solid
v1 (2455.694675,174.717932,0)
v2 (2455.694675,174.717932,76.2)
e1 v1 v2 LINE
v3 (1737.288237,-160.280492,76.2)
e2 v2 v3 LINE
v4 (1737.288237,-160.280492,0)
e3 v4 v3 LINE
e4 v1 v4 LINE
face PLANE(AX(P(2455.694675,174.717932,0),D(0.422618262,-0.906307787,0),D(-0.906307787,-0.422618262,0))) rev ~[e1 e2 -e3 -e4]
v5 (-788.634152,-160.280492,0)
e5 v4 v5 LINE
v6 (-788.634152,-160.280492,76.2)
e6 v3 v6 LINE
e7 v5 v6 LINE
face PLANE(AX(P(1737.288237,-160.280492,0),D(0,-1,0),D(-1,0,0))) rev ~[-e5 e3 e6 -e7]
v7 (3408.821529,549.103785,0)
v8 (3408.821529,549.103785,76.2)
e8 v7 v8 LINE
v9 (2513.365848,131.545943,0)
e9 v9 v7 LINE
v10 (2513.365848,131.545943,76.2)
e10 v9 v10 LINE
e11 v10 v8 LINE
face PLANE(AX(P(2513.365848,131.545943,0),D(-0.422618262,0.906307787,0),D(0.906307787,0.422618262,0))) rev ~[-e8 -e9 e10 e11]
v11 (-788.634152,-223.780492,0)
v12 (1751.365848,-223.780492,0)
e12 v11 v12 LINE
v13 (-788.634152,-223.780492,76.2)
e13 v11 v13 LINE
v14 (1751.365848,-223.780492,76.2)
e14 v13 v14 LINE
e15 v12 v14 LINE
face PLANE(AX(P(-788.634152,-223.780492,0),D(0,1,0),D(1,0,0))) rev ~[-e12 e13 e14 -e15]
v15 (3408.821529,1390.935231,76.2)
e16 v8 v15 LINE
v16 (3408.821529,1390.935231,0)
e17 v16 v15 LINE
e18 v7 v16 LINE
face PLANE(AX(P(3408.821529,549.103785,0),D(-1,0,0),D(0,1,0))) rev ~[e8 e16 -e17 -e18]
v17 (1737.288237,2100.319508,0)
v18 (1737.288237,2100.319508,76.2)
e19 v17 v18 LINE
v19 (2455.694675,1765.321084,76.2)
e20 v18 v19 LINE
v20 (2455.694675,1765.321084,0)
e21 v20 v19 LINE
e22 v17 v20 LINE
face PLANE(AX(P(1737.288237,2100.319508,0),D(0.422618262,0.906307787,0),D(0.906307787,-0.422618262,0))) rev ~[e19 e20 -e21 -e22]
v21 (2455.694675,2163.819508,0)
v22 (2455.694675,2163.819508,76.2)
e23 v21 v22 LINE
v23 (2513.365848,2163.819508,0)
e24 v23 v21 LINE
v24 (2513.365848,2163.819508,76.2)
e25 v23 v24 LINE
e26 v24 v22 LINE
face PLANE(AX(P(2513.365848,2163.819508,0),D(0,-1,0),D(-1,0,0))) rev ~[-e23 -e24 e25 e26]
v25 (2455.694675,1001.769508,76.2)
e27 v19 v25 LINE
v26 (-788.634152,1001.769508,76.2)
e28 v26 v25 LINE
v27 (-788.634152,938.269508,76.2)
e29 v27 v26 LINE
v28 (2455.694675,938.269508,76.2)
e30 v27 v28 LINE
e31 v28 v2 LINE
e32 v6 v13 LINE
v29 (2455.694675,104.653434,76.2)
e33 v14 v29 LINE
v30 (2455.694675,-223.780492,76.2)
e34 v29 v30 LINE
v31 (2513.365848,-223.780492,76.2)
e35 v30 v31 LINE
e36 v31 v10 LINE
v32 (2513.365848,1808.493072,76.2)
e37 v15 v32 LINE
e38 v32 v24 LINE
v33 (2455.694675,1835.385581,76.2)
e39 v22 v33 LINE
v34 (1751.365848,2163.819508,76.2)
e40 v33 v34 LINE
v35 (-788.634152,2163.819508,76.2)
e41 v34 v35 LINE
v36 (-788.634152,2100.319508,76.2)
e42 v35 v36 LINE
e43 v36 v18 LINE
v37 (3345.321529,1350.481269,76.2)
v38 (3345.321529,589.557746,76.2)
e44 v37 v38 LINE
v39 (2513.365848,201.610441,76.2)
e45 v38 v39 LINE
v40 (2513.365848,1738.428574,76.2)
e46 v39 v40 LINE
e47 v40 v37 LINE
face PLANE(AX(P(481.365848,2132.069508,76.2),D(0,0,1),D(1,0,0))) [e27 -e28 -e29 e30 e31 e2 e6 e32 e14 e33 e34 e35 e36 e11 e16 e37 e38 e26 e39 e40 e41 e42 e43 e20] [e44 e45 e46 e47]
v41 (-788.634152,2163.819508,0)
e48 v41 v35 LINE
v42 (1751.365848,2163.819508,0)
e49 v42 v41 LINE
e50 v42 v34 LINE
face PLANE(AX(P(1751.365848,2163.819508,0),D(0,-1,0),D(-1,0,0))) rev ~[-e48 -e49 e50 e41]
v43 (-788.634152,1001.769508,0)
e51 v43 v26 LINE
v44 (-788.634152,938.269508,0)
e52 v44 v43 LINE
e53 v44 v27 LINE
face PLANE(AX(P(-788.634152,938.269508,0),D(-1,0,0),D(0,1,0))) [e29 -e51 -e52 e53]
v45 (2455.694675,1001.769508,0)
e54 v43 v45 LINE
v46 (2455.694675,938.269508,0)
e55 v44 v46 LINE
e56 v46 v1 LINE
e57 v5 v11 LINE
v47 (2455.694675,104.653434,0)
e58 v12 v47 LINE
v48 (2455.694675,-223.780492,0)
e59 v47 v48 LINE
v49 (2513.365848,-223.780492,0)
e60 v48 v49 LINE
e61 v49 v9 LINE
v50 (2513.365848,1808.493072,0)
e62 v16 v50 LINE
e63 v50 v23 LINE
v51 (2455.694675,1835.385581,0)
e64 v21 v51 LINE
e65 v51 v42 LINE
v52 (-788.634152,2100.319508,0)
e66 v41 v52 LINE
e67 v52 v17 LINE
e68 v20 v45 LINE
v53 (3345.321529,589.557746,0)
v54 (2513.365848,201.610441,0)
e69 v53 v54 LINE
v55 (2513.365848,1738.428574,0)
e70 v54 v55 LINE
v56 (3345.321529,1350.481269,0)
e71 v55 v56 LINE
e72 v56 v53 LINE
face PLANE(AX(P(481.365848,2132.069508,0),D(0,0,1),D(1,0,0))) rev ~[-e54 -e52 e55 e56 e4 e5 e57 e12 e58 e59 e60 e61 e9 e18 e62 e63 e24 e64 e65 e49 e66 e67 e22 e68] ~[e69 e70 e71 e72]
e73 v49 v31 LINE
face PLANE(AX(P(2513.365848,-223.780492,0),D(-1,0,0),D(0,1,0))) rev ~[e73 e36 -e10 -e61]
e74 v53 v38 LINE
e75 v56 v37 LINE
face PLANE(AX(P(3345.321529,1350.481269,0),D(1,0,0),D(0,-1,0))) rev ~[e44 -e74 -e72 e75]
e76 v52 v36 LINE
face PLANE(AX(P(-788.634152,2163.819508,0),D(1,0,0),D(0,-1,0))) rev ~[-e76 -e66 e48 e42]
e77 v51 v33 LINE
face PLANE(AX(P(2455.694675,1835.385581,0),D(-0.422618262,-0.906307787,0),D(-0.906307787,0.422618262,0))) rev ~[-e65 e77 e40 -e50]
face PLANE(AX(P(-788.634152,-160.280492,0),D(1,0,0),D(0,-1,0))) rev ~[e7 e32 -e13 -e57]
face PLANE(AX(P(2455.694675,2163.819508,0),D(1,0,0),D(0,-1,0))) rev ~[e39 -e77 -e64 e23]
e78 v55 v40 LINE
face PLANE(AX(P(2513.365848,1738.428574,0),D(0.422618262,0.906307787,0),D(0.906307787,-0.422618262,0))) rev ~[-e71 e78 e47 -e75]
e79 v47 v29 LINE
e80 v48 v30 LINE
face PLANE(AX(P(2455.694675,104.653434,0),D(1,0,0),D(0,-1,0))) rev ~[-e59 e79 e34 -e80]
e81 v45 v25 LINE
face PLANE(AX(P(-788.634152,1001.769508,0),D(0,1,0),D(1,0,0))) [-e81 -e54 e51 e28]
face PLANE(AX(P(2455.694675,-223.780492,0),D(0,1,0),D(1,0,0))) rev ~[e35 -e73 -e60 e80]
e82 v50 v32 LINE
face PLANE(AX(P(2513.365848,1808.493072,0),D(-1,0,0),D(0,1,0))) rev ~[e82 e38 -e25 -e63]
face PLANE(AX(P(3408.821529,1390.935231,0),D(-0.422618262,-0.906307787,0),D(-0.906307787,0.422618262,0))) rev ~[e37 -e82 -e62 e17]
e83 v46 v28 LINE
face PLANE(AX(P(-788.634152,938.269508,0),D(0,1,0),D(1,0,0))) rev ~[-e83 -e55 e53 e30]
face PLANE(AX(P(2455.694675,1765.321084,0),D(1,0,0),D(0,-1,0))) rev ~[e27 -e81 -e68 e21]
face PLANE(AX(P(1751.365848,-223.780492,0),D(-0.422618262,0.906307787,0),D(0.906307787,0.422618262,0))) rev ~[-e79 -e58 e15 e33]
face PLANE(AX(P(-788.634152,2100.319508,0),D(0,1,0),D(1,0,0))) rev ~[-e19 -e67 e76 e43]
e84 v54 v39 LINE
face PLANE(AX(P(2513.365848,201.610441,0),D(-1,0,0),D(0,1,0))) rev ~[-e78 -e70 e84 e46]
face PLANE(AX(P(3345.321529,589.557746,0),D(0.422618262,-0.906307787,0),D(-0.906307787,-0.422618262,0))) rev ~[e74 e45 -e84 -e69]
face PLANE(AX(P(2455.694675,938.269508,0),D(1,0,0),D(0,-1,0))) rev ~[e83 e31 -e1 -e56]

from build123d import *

# Parameters (mm, degrees)
F0_W     = 3244.3288277497
F0_H     = 63.5
F0_W_2   = 57.6711722503
F1_DEPTH = 76.2


with BuildPart() as f1:
    # F0 (on Top) → F1 (new body)
    with BuildSketch(Plane.XY):
        Polygon((1751.3658476959, 2163.8195076566), (-788.6341523041, 2163.8195076566), (-788.6341523041, 2100.3195076566), (1737.288236618, 2100.3195076566), (1751.3658476959, 2100.3195076566), align=None)
        Polygon((2455.6946754456, 1835.3855814176), (1751.3658476959, 2163.8195076566), (1751.3658476959, 2100.3195076566), (1737.288236618, 2100.3195076566), (2455.6946754456, 1765.3210835635), align=None)
        Polygon((2455.6946754456, 2163.8195076566), (2455.6946754456, 1835.3855814176), (2513.3658476959, 1808.4930721425), (2513.3658476959, 2163.8195076566), align=None)
        Polygon((2513.3658476959, 1808.4930721425), (2455.6946754456, 1835.3855814176), (2455.6946754456, 1765.3210835635), (2513.3658476959, 1738.4285742884), align=None)
        Polygon((3345.3215286285, 1420.5457668781), (2513.3658476959, 1808.4930721425), (2513.3658476959, 1738.4285742884), (3345.3215286285, 1350.4812690239), align=None)
        Polygon((2513.3658476959, 1738.4285742884), (2455.6946754456, 1765.3210835635), (2455.6946754456, 1001.7695076566), (2513.3658476959, 1001.7695076566), align=None)
        Polygon((3408.8215286285, 1390.9352305852), (3345.3215286285, 1420.5457668781), (3345.3215286285, 1350.4812690239), (3408.8215286285, 1320.8707327311), align=None)
        with Locations((833.5302615707, 970.0195076566)):
            Rectangle(F0_W, F0_H)
        with Locations((2484.5302615707, 970.0195076566)):
            Rectangle(F0_W_2, F0_H)
        Polygon((3408.8215286285, 1320.8707327311), (3345.3215286285, 1350.4812690239), (3345.3215286285, 589.5577462893), (3408.8215286285, 619.1682825821), align=None)
        Polygon((2513.3658476959, 938.2695076566), (2455.6946754456, 938.2695076566), (2455.6946754456, 174.7179317497), (2513.3658476959, 201.6104410248), align=None)
        Polygon((3345.3215286285, 519.4932484352), (3345.3215286285, 589.5577462893), (2513.3658476959, 201.6104410248), (2513.3658476959, 131.5459431707), align=None)
        Polygon((3408.8215286285, 619.1682825821), (3345.3215286285, 589.5577462893), (3345.3215286285, 519.4932484352), (3408.8215286285, 549.103784728), align=None)
        Polygon((2455.6946754456, 104.6534338956), (2455.6946754456, 174.7179317497), (1737.288236618, -160.2804923434), (1751.3658476959, -160.2804923434), (1751.3658476959, -223.7804923434), align=None)
        Polygon((2513.3658476959, 201.6104410248), (2455.6946754456, 174.7179317497), (2455.6946754456, 104.6534338956), (2513.3658476959, 131.5459431707), align=None)
        Polygon((1751.3658476959, -160.2804923434), (1737.288236618, -160.2804923434), (-788.6341523041, -160.2804923434), (-788.6341523041, -223.7804923434), (1751.3658476959, -223.7804923434), align=None)
        Polygon((2513.3658476959, 131.5459431707), (2455.6946754456, 104.6534338956), (2455.6946754456, -223.7804923434), (2513.3658476959, -223.7804923434), align=None)
    extrude(amount=F1_DEPTH)


solid = f1.part
